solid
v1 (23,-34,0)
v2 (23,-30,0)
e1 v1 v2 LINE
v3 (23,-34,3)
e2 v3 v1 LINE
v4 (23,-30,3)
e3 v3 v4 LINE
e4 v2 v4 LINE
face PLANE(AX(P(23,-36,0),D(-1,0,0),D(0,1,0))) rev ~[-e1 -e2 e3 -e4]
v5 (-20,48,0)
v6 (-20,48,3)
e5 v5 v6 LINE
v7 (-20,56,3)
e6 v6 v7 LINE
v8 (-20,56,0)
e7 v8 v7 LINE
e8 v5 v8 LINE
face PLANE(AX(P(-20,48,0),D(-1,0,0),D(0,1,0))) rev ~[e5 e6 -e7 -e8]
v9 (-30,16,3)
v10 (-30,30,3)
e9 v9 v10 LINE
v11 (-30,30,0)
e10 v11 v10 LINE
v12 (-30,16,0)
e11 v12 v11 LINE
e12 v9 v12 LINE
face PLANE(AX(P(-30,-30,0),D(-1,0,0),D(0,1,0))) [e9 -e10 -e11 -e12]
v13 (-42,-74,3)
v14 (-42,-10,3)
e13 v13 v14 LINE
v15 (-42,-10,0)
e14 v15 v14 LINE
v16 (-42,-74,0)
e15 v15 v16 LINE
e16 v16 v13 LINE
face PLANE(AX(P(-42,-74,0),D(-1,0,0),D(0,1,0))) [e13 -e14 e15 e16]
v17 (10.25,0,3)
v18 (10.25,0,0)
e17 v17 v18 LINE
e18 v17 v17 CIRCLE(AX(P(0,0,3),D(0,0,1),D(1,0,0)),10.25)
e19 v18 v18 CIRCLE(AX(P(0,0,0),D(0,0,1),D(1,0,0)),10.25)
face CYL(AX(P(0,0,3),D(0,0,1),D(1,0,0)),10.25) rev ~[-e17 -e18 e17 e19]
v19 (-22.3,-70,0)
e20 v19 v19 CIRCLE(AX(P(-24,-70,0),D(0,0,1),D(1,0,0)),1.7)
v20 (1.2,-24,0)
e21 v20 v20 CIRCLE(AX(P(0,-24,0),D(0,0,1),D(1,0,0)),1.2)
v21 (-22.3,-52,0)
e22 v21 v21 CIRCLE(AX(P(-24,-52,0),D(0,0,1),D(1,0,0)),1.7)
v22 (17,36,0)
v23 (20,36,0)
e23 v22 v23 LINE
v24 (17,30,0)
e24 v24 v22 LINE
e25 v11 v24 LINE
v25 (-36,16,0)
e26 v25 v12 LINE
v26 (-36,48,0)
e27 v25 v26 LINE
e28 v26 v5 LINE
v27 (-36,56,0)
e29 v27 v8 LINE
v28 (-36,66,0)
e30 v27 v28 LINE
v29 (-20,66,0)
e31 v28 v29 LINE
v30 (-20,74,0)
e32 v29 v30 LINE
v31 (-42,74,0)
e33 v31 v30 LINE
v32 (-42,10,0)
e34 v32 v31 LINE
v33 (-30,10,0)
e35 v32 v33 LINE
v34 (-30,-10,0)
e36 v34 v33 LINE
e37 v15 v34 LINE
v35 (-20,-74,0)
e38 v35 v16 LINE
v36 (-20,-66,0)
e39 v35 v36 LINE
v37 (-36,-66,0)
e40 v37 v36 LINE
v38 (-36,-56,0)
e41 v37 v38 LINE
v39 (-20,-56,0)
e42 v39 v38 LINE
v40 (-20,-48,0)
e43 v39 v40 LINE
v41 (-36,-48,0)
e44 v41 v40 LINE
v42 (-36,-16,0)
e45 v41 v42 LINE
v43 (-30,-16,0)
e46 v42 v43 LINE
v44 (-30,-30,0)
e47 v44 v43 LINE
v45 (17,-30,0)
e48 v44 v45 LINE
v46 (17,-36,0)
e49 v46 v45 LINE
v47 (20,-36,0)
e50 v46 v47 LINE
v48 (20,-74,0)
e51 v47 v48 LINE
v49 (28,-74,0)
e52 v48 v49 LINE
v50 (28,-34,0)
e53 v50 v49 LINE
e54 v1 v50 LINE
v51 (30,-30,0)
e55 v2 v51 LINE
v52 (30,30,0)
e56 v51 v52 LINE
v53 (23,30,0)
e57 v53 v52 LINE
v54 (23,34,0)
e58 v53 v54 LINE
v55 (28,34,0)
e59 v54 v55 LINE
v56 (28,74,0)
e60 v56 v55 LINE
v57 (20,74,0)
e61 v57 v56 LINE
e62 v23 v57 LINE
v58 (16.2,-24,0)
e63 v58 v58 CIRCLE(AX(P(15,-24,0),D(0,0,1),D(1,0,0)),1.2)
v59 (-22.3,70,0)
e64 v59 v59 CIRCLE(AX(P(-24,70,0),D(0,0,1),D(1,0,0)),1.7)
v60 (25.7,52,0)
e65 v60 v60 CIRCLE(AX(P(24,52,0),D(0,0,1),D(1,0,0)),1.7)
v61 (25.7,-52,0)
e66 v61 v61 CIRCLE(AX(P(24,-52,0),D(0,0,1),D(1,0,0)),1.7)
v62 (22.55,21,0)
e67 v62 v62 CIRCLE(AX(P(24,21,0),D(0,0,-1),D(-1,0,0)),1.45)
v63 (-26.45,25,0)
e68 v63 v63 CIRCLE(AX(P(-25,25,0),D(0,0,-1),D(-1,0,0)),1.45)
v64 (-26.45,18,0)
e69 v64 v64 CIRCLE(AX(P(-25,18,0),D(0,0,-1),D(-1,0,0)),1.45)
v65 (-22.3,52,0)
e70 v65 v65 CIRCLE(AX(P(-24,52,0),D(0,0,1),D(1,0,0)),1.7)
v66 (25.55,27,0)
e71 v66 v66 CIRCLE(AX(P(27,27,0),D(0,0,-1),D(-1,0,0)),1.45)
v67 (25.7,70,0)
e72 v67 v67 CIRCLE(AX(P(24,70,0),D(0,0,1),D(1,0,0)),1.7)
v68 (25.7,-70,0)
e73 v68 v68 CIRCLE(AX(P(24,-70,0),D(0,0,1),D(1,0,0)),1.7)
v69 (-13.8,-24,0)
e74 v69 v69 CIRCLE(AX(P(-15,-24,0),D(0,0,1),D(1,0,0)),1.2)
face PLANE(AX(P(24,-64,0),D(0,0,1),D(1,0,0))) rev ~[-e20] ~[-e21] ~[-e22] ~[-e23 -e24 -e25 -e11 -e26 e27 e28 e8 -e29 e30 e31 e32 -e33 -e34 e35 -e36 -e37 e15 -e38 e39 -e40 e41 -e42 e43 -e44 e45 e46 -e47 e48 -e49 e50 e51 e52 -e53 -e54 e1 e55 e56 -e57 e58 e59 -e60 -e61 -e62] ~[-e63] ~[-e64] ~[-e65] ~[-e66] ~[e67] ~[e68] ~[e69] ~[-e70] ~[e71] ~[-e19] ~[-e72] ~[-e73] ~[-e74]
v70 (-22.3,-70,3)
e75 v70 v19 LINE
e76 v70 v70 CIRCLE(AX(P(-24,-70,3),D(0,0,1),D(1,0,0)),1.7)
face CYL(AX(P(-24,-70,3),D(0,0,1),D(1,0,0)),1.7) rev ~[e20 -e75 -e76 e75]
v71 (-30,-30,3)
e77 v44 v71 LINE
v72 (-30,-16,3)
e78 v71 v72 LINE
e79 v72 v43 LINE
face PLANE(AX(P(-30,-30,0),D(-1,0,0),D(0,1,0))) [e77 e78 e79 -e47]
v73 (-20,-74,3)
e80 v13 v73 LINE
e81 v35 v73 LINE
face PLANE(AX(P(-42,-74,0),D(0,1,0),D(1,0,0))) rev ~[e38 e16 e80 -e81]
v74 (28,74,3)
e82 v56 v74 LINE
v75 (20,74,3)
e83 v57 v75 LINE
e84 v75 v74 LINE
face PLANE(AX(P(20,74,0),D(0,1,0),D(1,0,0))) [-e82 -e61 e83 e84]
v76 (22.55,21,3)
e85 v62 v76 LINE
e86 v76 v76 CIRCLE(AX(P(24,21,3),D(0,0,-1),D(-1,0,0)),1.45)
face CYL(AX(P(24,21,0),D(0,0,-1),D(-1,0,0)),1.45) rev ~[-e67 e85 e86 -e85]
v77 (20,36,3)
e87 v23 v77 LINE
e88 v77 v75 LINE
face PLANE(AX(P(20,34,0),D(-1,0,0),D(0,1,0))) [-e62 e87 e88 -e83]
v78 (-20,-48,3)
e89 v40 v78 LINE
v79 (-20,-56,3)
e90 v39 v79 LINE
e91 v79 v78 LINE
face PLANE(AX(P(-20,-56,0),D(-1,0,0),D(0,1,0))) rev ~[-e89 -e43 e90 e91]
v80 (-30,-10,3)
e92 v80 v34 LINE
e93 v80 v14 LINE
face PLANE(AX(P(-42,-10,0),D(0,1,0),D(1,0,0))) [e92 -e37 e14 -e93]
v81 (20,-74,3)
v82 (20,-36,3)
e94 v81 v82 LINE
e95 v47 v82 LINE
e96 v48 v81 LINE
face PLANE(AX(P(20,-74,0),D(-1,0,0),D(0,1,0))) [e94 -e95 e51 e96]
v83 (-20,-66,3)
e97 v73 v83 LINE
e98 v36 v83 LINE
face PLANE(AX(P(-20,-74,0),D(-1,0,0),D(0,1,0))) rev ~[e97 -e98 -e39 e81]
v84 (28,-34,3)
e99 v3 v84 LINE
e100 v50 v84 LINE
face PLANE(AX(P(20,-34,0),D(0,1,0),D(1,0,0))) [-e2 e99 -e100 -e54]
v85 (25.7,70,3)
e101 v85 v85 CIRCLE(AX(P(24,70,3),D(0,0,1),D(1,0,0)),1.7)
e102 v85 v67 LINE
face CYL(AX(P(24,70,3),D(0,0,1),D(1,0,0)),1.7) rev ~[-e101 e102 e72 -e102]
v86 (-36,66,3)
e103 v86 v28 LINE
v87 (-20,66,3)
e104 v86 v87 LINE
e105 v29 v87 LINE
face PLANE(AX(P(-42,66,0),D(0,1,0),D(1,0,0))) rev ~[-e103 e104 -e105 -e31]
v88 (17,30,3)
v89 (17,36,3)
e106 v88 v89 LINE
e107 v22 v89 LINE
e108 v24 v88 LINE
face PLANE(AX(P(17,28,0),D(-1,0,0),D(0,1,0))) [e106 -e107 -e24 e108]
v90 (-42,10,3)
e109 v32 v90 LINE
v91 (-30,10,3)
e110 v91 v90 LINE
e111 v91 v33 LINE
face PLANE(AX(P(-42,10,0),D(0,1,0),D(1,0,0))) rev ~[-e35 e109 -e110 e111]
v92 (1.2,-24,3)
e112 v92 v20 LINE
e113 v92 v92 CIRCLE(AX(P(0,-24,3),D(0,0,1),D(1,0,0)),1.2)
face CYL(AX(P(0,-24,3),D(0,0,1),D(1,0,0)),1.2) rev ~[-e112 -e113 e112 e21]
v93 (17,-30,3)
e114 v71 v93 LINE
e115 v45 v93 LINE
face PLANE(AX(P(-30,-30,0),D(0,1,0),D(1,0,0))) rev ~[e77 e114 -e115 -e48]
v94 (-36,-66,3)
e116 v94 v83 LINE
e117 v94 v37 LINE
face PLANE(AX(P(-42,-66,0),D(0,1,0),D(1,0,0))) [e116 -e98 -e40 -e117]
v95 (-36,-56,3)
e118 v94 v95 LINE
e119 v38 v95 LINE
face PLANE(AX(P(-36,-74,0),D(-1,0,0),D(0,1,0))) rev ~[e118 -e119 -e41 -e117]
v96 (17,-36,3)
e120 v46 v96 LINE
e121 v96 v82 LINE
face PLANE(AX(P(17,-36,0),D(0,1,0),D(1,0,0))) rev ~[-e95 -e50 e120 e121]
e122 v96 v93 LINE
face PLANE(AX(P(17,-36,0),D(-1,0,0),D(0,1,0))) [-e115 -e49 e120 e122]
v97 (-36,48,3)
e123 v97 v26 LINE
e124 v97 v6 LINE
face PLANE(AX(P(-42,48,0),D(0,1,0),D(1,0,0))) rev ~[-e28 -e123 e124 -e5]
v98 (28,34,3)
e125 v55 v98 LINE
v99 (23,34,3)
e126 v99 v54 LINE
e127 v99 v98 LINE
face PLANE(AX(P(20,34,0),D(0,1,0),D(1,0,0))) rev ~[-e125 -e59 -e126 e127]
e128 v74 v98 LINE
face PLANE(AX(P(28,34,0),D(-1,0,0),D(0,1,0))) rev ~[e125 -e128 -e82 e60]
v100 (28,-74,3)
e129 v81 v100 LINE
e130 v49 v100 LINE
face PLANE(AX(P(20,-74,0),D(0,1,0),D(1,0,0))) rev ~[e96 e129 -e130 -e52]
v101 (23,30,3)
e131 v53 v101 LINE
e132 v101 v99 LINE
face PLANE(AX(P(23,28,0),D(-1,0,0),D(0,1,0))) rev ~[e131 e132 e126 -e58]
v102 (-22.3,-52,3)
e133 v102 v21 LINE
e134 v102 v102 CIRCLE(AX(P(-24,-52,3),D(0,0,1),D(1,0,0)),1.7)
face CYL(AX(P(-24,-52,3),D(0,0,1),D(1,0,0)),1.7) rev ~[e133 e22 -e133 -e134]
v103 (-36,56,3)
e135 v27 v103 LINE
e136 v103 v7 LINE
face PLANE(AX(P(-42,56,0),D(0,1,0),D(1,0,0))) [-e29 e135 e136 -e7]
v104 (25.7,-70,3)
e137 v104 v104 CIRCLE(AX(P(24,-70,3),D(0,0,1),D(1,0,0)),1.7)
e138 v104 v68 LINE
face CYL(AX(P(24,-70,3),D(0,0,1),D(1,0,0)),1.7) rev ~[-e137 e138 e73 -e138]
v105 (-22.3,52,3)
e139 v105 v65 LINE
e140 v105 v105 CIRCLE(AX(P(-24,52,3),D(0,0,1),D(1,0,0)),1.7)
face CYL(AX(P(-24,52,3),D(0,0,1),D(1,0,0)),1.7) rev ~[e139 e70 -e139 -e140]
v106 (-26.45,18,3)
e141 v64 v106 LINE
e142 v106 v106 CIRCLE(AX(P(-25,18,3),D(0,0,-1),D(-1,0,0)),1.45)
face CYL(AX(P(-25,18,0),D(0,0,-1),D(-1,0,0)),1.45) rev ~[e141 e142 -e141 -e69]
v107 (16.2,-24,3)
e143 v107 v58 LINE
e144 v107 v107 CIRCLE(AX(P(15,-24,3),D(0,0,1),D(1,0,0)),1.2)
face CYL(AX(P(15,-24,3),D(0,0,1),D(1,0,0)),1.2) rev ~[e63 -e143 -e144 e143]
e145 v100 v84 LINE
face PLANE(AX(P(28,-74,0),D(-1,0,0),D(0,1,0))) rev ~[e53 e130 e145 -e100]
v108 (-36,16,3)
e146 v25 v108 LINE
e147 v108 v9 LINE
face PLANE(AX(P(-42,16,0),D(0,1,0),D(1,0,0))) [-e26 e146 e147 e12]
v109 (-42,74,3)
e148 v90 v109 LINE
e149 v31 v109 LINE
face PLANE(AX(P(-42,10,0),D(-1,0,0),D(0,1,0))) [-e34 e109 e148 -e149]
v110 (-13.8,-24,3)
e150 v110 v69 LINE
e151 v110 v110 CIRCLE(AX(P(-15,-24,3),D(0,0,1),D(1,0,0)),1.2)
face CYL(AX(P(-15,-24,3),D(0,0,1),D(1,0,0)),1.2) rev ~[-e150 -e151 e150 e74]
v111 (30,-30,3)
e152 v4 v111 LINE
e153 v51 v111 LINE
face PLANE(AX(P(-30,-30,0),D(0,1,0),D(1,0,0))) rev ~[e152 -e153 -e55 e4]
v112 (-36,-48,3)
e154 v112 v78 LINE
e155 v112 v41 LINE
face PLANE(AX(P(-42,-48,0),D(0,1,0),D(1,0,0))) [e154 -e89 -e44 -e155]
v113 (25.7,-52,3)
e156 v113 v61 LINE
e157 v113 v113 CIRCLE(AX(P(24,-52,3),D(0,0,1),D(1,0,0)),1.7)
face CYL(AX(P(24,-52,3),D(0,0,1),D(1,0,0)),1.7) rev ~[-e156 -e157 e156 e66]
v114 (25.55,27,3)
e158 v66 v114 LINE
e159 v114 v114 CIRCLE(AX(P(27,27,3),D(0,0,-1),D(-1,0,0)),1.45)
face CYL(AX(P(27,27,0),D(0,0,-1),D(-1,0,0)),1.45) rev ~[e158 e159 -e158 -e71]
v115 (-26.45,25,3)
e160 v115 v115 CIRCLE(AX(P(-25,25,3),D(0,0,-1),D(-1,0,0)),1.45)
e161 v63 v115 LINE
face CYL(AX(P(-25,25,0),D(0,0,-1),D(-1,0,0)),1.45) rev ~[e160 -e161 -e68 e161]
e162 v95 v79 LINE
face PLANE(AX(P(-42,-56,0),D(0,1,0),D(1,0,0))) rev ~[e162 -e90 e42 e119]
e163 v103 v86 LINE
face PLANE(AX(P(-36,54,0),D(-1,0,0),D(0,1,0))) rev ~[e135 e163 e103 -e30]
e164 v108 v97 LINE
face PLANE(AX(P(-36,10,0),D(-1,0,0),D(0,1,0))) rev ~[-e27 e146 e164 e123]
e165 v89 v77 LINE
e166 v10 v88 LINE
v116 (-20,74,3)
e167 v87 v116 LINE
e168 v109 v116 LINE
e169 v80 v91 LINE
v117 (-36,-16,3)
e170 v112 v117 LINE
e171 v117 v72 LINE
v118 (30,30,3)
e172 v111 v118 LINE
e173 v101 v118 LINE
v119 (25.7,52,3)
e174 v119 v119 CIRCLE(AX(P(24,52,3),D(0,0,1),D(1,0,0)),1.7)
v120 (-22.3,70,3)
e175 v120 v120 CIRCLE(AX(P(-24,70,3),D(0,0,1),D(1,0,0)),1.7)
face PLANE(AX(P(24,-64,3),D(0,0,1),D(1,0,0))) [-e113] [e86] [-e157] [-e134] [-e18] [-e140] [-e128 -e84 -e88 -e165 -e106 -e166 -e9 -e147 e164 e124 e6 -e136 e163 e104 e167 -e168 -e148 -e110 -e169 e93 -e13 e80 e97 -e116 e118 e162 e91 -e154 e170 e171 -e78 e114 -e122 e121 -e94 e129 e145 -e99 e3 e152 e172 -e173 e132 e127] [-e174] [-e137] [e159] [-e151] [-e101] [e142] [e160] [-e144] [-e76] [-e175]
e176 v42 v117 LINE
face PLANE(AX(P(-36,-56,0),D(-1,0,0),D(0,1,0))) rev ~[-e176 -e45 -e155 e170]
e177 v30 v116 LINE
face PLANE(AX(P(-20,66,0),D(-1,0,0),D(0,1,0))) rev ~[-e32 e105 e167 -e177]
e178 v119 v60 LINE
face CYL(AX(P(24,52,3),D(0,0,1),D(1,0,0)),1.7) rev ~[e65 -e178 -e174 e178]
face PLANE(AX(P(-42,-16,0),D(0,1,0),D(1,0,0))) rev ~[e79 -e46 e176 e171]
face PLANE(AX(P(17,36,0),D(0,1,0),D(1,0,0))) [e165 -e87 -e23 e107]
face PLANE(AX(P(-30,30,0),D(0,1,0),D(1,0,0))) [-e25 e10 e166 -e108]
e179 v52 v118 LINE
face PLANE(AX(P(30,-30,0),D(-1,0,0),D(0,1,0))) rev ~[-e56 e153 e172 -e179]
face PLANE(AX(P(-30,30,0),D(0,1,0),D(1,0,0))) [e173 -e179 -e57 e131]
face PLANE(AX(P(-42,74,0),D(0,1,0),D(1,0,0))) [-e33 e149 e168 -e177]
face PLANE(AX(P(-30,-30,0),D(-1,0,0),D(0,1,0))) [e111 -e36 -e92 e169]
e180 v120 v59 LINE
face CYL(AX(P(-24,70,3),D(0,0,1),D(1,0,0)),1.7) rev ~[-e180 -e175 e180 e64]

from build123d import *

# Parameters (mm, degrees)
SKETCH1_W                                 = 60
SKETCH1_H                                 = 60
BOSS_EXTRUDE1_DEPTH                       = 3
SKETCH2_R                                 = 10.25
CUT_EXTRUDE1_DEPTH                        = 43.532340636
SKETCH4_R                                 = 1.45
STOP_MOUNT_D2P9_THROUGH_DEPTH             = 3.01
SKETCH5_R                                 = 1.45
SERVO_X_MOUNT_D2P9_DEPTH                  = 3.01
SKETCH6_R                                 = 1.2
GUIDERAIL2_D2P4_DEPTH                     = 3.01
SKETCH12_W                                = 15
SKETCH12_H                                = 6
ROUTED_FRAME_EAR_LEFTPLUS_ROOT_DEPTH      = 3
SKETCH13_W                                = 6
SKETCH13_H                                = 46
ROUTED_FRAME_EAR_LEFTPLUS_OUTBOARD_DEPTH  = 3
SKETCH14_W                                = 22
SKETCH14_H                                = 8
ROUTED_FRAME_EAR_LEFTPLUS_PAD_DEPTH       = 3
SKETCH15_W                                = 15
SKETCH15_H                                = 6
ROUTED_FRAME_EAR_LEFTMINUS_ROOT_DEPTH     = 3
SKETCH16_W                                = 6
SKETCH16_H                                = 46
ROUTED_FRAME_EAR_LEFTMINUS_OUTBOARD_DEPTH = 3
SKETCH17_W                                = 22
SKETCH17_H                                = 8
ROUTED_FRAME_EAR_LEFTMINUS_PAD_DEPTH      = 3
SKETCH18_W                                = 6
SKETCH18_H                                = 8
ROUTED_FRAME_EAR_RIGHTPLUS_ROOT_DEPTH     = 3
SKETCH19_W                                = 8
SKETCH19_H                                = 22
ROUTED_FRAME_EAR_RIGHTPLUS_PAD_DEPTH      = 3
SKETCH20_W                                = 6
SKETCH20_H                                = 8
ROUTED_FRAME_EAR_RIGHTMINUS_ROOT_DEPTH    = 3
SKETCH21_W                                = 8
SKETCH21_H                                = 22
ROUTED_FRAME_EAR_RIGHTMINUS_PAD_DEPTH     = 3
SKETCH22_R                                = 1.7
ROUTED_FRAME_EARS_D3P4_DEPTH              = 3.01
SKETCH23_W                                = 6
SKETCH23_H                                = 20
FOUR_LINK_SUPPORT_PLUS_LEFTRAIL_DEPTH     = 3
SKETCH24_W                                = 22
SKETCH24_H                                = 8
FOUR_LINK_SUPPORT_PLUS_LEFTPAD_DEPTH      = 3
SKETCH25_W                                = 8
SKETCH25_H                                = 20
FOUR_LINK_SUPPORT_PLUS_RIGHTRAIL_DEPTH    = 3
SKETCH26_W                                = 6
SKETCH26_H                                = 20
FOUR_LINK_SUPPORT_MINUS_LEFTRAIL_DEPTH    = 3
SKETCH27_W                                = 22
SKETCH27_H                                = 8
FOUR_LINK_SUPPORT_MINUS_LEFTPAD_DEPTH     = 3
SKETCH28_W                                = 8
SKETCH28_H                                = 20
FOUR_LINK_SUPPORT_MINUS_RIGHTRAIL_DEPTH   = 3
SKETCH29_R                                = 1.7
FOUR_LINK_SUPPORT_HOLES_Y70_DEPTH         = 3.01


with BuildPart() as part:
    # Sketch1 → Boss-Extrude1 (new body)
    with BuildSketch(Plane.XY):
        Rectangle(SKETCH1_W, SKETCH1_H)
    extrude(amount=BOSS_EXTRUDE1_DEPTH)

    # Sketch2 → Cut-Extrude1 (cut, through all)
    with BuildSketch(Plane.XY.offset(3)):
        Circle(SKETCH2_R)
    extrude(amount=-CUT_EXTRUDE1_DEPTH, mode=Mode.SUBTRACT)

    # Sketch4 → Stop_Mount_D2p9_Through (cut)
    with BuildSketch(Plane(origin=(0, 0, 0), x_dir=(-1, 0, 0), z_dir=(0, 0, -1))):
        with Locations((-24, 21)):
            Circle(SKETCH4_R)
        with Locations((-27, 27)):
            Circle(SKETCH4_R)
    extrude(amount=-STOP_MOUNT_D2P9_THROUGH_DEPTH, mode=Mode.SUBTRACT)

    # Sketch5 → Servo_X_Mount_D2p9 (cut)
    with BuildSketch(Plane(origin=(0, 0, 0), x_dir=(-1, 0, 0), z_dir=(0, 0, -1))):
        with Locations((25, 18)):
            Circle(SKETCH5_R)
        with Locations((25, 25)):
            Circle(SKETCH5_R)
    extrude(amount=-SERVO_X_MOUNT_D2P9_DEPTH, mode=Mode.SUBTRACT)

    # Sketch6 → GuideRail2_D2p4 (cut)
    with BuildSketch(Plane.XY.offset(3)):
        with Locations((15, -24)):
            Circle(SKETCH6_R)
        with Locations((0, -24)):
            Circle(SKETCH6_R)
        with Locations((-15, -24)):
            Circle(SKETCH6_R)
    extrude(amount=-GUIDERAIL2_D2P4_DEPTH, mode=Mode.SUBTRACT)

    # Sketch12 → Routed_Frame_Ear_LeftPlus_Root (add)
    with BuildSketch(Plane.XY):
        with Locations((-34.5, 13)):
            Rectangle(SKETCH12_W, SKETCH12_H)
    extrude(amount=ROUTED_FRAME_EAR_LEFTPLUS_ROOT_DEPTH)

    # Sketch13 → Routed_Frame_Ear_LeftPlus_Outboard (add)
    with BuildSketch(Plane.XY):
        with Locations((-39, 33)):
            Rectangle(SKETCH13_W, SKETCH13_H)
    extrude(amount=ROUTED_FRAME_EAR_LEFTPLUS_OUTBOARD_DEPTH)

    # Sketch14 → Routed_Frame_Ear_LeftPlus_Pad (add)
    with BuildSketch(Plane.XY):
        with Locations((-31, 52)):
            Rectangle(SKETCH14_W, SKETCH14_H)
    extrude(amount=ROUTED_FRAME_EAR_LEFTPLUS_PAD_DEPTH)

    # Sketch15 → Routed_Frame_Ear_LeftMinus_Root (add)
    with BuildSketch(Plane.XY):
        with Locations((-34.5, -13)):
            Rectangle(SKETCH15_W, SKETCH15_H)
    extrude(amount=ROUTED_FRAME_EAR_LEFTMINUS_ROOT_DEPTH)

    # Sketch16 → Routed_Frame_Ear_LeftMinus_Outboard (add)
    with BuildSketch(Plane.XY):
        with Locations((-39, -33)):
            Rectangle(SKETCH16_W, SKETCH16_H)
    extrude(amount=ROUTED_FRAME_EAR_LEFTMINUS_OUTBOARD_DEPTH)

    # Sketch17 → Routed_Frame_Ear_LeftMinus_Pad (add)
    with BuildSketch(Plane.XY):
        with Locations((-31, -52)):
            Rectangle(SKETCH17_W, SKETCH17_H)
    extrude(amount=ROUTED_FRAME_EAR_LEFTMINUS_PAD_DEPTH)

    # Sketch18 → Routed_Frame_Ear_RightPlus_Root (add)
    with BuildSketch(Plane.XY):
        with Locations((20, 32)):
            Rectangle(SKETCH18_W, SKETCH18_H)
    extrude(amount=ROUTED_FRAME_EAR_RIGHTPLUS_ROOT_DEPTH)

    # Sketch19 → Routed_Frame_Ear_RightPlus_Pad (add)
    with BuildSketch(Plane.XY):
        with Locations((24, 45)):
            Rectangle(SKETCH19_W, SKETCH19_H)
    extrude(amount=ROUTED_FRAME_EAR_RIGHTPLUS_PAD_DEPTH)

    # Sketch20 → Routed_Frame_Ear_RightMinus_Root (add)
    with BuildSketch(Plane.XY):
        with Locations((20, -32)):
            Rectangle(SKETCH20_W, SKETCH20_H)
    extrude(amount=ROUTED_FRAME_EAR_RIGHTMINUS_ROOT_DEPTH)

    # Sketch21 → Routed_Frame_Ear_RightMinus_Pad (add)
    with BuildSketch(Plane.XY):
        with Locations((24, -45)):
            Rectangle(SKETCH21_W, SKETCH21_H)
    extrude(amount=ROUTED_FRAME_EAR_RIGHTMINUS_PAD_DEPTH)

    # Sketch22 → Routed_Frame_Ears_D3p4 (cut)
    with BuildSketch(Plane.XY.offset(3)):
        with Locations((-24, -52)):
            Circle(SKETCH22_R)
        with Locations((-24, 52)):
            Circle(SKETCH22_R)
        with Locations((24, -52)):
            Circle(SKETCH22_R)
        with Locations((24, 52)):
            Circle(SKETCH22_R)
    extrude(amount=-ROUTED_FRAME_EARS_D3P4_DEPTH, mode=Mode.SUBTRACT)

    # Sketch23 → Four_Link_Support_Plus_LeftRail (add)
    with BuildSketch(Plane.XY):
        with Locations((-39, 64)):
            Rectangle(SKETCH23_W, SKETCH23_H)
    extrude(amount=FOUR_LINK_SUPPORT_PLUS_LEFTRAIL_DEPTH)

    # Sketch24 → Four_Link_Support_Plus_LeftPad (add)
    with BuildSketch(Plane.XY):
        with Locations((-31, 70)):
            Rectangle(SKETCH24_W, SKETCH24_H)
    extrude(amount=FOUR_LINK_SUPPORT_PLUS_LEFTPAD_DEPTH)

    # Sketch25 → Four_Link_Support_Plus_RightRail (add)
    with BuildSketch(Plane.XY):
        with Locations((24, 64)):
            Rectangle(SKETCH25_W, SKETCH25_H)
    extrude(amount=FOUR_LINK_SUPPORT_PLUS_RIGHTRAIL_DEPTH)

    # Sketch26 → Four_Link_Support_Minus_LeftRail (add)
    with BuildSketch(Plane.XY):
        with Locations((-39, -64)):
            Rectangle(SKETCH26_W, SKETCH26_H)
    extrude(amount=FOUR_LINK_SUPPORT_MINUS_LEFTRAIL_DEPTH)

    # Sketch27 → Four_Link_Support_Minus_LeftPad (add)
    with BuildSketch(Plane.XY):
        with Locations((-31, -70)):
            Rectangle(SKETCH27_W, SKETCH27_H)
    extrude(amount=FOUR_LINK_SUPPORT_MINUS_LEFTPAD_DEPTH)

    # Sketch28 → Four_Link_Support_Minus_RightRail (add)
    with BuildSketch(Plane.XY):
        with Locations((24, -64)):
            Rectangle(SKETCH28_W, SKETCH28_H)
    extrude(amount=FOUR_LINK_SUPPORT_MINUS_RIGHTRAIL_DEPTH)

    # Sketch29 → Four_Link_Support_Holes_Y70 (cut)
    with BuildSketch(Plane.XY.offset(3)):
        with Locations((-24, -70)):
            Circle(SKETCH29_R)
        with Locations((-24, 70)):
            Circle(SKETCH29_R)
        with Locations((24, -70)):
            Circle(SKETCH29_R)
        with Locations((24, 70)):
            Circle(SKETCH29_R)
    extrude(amount=-FOUR_LINK_SUPPORT_HOLES_Y70_DEPTH, mode=Mode.SUBTRACT)


solid = part.part
